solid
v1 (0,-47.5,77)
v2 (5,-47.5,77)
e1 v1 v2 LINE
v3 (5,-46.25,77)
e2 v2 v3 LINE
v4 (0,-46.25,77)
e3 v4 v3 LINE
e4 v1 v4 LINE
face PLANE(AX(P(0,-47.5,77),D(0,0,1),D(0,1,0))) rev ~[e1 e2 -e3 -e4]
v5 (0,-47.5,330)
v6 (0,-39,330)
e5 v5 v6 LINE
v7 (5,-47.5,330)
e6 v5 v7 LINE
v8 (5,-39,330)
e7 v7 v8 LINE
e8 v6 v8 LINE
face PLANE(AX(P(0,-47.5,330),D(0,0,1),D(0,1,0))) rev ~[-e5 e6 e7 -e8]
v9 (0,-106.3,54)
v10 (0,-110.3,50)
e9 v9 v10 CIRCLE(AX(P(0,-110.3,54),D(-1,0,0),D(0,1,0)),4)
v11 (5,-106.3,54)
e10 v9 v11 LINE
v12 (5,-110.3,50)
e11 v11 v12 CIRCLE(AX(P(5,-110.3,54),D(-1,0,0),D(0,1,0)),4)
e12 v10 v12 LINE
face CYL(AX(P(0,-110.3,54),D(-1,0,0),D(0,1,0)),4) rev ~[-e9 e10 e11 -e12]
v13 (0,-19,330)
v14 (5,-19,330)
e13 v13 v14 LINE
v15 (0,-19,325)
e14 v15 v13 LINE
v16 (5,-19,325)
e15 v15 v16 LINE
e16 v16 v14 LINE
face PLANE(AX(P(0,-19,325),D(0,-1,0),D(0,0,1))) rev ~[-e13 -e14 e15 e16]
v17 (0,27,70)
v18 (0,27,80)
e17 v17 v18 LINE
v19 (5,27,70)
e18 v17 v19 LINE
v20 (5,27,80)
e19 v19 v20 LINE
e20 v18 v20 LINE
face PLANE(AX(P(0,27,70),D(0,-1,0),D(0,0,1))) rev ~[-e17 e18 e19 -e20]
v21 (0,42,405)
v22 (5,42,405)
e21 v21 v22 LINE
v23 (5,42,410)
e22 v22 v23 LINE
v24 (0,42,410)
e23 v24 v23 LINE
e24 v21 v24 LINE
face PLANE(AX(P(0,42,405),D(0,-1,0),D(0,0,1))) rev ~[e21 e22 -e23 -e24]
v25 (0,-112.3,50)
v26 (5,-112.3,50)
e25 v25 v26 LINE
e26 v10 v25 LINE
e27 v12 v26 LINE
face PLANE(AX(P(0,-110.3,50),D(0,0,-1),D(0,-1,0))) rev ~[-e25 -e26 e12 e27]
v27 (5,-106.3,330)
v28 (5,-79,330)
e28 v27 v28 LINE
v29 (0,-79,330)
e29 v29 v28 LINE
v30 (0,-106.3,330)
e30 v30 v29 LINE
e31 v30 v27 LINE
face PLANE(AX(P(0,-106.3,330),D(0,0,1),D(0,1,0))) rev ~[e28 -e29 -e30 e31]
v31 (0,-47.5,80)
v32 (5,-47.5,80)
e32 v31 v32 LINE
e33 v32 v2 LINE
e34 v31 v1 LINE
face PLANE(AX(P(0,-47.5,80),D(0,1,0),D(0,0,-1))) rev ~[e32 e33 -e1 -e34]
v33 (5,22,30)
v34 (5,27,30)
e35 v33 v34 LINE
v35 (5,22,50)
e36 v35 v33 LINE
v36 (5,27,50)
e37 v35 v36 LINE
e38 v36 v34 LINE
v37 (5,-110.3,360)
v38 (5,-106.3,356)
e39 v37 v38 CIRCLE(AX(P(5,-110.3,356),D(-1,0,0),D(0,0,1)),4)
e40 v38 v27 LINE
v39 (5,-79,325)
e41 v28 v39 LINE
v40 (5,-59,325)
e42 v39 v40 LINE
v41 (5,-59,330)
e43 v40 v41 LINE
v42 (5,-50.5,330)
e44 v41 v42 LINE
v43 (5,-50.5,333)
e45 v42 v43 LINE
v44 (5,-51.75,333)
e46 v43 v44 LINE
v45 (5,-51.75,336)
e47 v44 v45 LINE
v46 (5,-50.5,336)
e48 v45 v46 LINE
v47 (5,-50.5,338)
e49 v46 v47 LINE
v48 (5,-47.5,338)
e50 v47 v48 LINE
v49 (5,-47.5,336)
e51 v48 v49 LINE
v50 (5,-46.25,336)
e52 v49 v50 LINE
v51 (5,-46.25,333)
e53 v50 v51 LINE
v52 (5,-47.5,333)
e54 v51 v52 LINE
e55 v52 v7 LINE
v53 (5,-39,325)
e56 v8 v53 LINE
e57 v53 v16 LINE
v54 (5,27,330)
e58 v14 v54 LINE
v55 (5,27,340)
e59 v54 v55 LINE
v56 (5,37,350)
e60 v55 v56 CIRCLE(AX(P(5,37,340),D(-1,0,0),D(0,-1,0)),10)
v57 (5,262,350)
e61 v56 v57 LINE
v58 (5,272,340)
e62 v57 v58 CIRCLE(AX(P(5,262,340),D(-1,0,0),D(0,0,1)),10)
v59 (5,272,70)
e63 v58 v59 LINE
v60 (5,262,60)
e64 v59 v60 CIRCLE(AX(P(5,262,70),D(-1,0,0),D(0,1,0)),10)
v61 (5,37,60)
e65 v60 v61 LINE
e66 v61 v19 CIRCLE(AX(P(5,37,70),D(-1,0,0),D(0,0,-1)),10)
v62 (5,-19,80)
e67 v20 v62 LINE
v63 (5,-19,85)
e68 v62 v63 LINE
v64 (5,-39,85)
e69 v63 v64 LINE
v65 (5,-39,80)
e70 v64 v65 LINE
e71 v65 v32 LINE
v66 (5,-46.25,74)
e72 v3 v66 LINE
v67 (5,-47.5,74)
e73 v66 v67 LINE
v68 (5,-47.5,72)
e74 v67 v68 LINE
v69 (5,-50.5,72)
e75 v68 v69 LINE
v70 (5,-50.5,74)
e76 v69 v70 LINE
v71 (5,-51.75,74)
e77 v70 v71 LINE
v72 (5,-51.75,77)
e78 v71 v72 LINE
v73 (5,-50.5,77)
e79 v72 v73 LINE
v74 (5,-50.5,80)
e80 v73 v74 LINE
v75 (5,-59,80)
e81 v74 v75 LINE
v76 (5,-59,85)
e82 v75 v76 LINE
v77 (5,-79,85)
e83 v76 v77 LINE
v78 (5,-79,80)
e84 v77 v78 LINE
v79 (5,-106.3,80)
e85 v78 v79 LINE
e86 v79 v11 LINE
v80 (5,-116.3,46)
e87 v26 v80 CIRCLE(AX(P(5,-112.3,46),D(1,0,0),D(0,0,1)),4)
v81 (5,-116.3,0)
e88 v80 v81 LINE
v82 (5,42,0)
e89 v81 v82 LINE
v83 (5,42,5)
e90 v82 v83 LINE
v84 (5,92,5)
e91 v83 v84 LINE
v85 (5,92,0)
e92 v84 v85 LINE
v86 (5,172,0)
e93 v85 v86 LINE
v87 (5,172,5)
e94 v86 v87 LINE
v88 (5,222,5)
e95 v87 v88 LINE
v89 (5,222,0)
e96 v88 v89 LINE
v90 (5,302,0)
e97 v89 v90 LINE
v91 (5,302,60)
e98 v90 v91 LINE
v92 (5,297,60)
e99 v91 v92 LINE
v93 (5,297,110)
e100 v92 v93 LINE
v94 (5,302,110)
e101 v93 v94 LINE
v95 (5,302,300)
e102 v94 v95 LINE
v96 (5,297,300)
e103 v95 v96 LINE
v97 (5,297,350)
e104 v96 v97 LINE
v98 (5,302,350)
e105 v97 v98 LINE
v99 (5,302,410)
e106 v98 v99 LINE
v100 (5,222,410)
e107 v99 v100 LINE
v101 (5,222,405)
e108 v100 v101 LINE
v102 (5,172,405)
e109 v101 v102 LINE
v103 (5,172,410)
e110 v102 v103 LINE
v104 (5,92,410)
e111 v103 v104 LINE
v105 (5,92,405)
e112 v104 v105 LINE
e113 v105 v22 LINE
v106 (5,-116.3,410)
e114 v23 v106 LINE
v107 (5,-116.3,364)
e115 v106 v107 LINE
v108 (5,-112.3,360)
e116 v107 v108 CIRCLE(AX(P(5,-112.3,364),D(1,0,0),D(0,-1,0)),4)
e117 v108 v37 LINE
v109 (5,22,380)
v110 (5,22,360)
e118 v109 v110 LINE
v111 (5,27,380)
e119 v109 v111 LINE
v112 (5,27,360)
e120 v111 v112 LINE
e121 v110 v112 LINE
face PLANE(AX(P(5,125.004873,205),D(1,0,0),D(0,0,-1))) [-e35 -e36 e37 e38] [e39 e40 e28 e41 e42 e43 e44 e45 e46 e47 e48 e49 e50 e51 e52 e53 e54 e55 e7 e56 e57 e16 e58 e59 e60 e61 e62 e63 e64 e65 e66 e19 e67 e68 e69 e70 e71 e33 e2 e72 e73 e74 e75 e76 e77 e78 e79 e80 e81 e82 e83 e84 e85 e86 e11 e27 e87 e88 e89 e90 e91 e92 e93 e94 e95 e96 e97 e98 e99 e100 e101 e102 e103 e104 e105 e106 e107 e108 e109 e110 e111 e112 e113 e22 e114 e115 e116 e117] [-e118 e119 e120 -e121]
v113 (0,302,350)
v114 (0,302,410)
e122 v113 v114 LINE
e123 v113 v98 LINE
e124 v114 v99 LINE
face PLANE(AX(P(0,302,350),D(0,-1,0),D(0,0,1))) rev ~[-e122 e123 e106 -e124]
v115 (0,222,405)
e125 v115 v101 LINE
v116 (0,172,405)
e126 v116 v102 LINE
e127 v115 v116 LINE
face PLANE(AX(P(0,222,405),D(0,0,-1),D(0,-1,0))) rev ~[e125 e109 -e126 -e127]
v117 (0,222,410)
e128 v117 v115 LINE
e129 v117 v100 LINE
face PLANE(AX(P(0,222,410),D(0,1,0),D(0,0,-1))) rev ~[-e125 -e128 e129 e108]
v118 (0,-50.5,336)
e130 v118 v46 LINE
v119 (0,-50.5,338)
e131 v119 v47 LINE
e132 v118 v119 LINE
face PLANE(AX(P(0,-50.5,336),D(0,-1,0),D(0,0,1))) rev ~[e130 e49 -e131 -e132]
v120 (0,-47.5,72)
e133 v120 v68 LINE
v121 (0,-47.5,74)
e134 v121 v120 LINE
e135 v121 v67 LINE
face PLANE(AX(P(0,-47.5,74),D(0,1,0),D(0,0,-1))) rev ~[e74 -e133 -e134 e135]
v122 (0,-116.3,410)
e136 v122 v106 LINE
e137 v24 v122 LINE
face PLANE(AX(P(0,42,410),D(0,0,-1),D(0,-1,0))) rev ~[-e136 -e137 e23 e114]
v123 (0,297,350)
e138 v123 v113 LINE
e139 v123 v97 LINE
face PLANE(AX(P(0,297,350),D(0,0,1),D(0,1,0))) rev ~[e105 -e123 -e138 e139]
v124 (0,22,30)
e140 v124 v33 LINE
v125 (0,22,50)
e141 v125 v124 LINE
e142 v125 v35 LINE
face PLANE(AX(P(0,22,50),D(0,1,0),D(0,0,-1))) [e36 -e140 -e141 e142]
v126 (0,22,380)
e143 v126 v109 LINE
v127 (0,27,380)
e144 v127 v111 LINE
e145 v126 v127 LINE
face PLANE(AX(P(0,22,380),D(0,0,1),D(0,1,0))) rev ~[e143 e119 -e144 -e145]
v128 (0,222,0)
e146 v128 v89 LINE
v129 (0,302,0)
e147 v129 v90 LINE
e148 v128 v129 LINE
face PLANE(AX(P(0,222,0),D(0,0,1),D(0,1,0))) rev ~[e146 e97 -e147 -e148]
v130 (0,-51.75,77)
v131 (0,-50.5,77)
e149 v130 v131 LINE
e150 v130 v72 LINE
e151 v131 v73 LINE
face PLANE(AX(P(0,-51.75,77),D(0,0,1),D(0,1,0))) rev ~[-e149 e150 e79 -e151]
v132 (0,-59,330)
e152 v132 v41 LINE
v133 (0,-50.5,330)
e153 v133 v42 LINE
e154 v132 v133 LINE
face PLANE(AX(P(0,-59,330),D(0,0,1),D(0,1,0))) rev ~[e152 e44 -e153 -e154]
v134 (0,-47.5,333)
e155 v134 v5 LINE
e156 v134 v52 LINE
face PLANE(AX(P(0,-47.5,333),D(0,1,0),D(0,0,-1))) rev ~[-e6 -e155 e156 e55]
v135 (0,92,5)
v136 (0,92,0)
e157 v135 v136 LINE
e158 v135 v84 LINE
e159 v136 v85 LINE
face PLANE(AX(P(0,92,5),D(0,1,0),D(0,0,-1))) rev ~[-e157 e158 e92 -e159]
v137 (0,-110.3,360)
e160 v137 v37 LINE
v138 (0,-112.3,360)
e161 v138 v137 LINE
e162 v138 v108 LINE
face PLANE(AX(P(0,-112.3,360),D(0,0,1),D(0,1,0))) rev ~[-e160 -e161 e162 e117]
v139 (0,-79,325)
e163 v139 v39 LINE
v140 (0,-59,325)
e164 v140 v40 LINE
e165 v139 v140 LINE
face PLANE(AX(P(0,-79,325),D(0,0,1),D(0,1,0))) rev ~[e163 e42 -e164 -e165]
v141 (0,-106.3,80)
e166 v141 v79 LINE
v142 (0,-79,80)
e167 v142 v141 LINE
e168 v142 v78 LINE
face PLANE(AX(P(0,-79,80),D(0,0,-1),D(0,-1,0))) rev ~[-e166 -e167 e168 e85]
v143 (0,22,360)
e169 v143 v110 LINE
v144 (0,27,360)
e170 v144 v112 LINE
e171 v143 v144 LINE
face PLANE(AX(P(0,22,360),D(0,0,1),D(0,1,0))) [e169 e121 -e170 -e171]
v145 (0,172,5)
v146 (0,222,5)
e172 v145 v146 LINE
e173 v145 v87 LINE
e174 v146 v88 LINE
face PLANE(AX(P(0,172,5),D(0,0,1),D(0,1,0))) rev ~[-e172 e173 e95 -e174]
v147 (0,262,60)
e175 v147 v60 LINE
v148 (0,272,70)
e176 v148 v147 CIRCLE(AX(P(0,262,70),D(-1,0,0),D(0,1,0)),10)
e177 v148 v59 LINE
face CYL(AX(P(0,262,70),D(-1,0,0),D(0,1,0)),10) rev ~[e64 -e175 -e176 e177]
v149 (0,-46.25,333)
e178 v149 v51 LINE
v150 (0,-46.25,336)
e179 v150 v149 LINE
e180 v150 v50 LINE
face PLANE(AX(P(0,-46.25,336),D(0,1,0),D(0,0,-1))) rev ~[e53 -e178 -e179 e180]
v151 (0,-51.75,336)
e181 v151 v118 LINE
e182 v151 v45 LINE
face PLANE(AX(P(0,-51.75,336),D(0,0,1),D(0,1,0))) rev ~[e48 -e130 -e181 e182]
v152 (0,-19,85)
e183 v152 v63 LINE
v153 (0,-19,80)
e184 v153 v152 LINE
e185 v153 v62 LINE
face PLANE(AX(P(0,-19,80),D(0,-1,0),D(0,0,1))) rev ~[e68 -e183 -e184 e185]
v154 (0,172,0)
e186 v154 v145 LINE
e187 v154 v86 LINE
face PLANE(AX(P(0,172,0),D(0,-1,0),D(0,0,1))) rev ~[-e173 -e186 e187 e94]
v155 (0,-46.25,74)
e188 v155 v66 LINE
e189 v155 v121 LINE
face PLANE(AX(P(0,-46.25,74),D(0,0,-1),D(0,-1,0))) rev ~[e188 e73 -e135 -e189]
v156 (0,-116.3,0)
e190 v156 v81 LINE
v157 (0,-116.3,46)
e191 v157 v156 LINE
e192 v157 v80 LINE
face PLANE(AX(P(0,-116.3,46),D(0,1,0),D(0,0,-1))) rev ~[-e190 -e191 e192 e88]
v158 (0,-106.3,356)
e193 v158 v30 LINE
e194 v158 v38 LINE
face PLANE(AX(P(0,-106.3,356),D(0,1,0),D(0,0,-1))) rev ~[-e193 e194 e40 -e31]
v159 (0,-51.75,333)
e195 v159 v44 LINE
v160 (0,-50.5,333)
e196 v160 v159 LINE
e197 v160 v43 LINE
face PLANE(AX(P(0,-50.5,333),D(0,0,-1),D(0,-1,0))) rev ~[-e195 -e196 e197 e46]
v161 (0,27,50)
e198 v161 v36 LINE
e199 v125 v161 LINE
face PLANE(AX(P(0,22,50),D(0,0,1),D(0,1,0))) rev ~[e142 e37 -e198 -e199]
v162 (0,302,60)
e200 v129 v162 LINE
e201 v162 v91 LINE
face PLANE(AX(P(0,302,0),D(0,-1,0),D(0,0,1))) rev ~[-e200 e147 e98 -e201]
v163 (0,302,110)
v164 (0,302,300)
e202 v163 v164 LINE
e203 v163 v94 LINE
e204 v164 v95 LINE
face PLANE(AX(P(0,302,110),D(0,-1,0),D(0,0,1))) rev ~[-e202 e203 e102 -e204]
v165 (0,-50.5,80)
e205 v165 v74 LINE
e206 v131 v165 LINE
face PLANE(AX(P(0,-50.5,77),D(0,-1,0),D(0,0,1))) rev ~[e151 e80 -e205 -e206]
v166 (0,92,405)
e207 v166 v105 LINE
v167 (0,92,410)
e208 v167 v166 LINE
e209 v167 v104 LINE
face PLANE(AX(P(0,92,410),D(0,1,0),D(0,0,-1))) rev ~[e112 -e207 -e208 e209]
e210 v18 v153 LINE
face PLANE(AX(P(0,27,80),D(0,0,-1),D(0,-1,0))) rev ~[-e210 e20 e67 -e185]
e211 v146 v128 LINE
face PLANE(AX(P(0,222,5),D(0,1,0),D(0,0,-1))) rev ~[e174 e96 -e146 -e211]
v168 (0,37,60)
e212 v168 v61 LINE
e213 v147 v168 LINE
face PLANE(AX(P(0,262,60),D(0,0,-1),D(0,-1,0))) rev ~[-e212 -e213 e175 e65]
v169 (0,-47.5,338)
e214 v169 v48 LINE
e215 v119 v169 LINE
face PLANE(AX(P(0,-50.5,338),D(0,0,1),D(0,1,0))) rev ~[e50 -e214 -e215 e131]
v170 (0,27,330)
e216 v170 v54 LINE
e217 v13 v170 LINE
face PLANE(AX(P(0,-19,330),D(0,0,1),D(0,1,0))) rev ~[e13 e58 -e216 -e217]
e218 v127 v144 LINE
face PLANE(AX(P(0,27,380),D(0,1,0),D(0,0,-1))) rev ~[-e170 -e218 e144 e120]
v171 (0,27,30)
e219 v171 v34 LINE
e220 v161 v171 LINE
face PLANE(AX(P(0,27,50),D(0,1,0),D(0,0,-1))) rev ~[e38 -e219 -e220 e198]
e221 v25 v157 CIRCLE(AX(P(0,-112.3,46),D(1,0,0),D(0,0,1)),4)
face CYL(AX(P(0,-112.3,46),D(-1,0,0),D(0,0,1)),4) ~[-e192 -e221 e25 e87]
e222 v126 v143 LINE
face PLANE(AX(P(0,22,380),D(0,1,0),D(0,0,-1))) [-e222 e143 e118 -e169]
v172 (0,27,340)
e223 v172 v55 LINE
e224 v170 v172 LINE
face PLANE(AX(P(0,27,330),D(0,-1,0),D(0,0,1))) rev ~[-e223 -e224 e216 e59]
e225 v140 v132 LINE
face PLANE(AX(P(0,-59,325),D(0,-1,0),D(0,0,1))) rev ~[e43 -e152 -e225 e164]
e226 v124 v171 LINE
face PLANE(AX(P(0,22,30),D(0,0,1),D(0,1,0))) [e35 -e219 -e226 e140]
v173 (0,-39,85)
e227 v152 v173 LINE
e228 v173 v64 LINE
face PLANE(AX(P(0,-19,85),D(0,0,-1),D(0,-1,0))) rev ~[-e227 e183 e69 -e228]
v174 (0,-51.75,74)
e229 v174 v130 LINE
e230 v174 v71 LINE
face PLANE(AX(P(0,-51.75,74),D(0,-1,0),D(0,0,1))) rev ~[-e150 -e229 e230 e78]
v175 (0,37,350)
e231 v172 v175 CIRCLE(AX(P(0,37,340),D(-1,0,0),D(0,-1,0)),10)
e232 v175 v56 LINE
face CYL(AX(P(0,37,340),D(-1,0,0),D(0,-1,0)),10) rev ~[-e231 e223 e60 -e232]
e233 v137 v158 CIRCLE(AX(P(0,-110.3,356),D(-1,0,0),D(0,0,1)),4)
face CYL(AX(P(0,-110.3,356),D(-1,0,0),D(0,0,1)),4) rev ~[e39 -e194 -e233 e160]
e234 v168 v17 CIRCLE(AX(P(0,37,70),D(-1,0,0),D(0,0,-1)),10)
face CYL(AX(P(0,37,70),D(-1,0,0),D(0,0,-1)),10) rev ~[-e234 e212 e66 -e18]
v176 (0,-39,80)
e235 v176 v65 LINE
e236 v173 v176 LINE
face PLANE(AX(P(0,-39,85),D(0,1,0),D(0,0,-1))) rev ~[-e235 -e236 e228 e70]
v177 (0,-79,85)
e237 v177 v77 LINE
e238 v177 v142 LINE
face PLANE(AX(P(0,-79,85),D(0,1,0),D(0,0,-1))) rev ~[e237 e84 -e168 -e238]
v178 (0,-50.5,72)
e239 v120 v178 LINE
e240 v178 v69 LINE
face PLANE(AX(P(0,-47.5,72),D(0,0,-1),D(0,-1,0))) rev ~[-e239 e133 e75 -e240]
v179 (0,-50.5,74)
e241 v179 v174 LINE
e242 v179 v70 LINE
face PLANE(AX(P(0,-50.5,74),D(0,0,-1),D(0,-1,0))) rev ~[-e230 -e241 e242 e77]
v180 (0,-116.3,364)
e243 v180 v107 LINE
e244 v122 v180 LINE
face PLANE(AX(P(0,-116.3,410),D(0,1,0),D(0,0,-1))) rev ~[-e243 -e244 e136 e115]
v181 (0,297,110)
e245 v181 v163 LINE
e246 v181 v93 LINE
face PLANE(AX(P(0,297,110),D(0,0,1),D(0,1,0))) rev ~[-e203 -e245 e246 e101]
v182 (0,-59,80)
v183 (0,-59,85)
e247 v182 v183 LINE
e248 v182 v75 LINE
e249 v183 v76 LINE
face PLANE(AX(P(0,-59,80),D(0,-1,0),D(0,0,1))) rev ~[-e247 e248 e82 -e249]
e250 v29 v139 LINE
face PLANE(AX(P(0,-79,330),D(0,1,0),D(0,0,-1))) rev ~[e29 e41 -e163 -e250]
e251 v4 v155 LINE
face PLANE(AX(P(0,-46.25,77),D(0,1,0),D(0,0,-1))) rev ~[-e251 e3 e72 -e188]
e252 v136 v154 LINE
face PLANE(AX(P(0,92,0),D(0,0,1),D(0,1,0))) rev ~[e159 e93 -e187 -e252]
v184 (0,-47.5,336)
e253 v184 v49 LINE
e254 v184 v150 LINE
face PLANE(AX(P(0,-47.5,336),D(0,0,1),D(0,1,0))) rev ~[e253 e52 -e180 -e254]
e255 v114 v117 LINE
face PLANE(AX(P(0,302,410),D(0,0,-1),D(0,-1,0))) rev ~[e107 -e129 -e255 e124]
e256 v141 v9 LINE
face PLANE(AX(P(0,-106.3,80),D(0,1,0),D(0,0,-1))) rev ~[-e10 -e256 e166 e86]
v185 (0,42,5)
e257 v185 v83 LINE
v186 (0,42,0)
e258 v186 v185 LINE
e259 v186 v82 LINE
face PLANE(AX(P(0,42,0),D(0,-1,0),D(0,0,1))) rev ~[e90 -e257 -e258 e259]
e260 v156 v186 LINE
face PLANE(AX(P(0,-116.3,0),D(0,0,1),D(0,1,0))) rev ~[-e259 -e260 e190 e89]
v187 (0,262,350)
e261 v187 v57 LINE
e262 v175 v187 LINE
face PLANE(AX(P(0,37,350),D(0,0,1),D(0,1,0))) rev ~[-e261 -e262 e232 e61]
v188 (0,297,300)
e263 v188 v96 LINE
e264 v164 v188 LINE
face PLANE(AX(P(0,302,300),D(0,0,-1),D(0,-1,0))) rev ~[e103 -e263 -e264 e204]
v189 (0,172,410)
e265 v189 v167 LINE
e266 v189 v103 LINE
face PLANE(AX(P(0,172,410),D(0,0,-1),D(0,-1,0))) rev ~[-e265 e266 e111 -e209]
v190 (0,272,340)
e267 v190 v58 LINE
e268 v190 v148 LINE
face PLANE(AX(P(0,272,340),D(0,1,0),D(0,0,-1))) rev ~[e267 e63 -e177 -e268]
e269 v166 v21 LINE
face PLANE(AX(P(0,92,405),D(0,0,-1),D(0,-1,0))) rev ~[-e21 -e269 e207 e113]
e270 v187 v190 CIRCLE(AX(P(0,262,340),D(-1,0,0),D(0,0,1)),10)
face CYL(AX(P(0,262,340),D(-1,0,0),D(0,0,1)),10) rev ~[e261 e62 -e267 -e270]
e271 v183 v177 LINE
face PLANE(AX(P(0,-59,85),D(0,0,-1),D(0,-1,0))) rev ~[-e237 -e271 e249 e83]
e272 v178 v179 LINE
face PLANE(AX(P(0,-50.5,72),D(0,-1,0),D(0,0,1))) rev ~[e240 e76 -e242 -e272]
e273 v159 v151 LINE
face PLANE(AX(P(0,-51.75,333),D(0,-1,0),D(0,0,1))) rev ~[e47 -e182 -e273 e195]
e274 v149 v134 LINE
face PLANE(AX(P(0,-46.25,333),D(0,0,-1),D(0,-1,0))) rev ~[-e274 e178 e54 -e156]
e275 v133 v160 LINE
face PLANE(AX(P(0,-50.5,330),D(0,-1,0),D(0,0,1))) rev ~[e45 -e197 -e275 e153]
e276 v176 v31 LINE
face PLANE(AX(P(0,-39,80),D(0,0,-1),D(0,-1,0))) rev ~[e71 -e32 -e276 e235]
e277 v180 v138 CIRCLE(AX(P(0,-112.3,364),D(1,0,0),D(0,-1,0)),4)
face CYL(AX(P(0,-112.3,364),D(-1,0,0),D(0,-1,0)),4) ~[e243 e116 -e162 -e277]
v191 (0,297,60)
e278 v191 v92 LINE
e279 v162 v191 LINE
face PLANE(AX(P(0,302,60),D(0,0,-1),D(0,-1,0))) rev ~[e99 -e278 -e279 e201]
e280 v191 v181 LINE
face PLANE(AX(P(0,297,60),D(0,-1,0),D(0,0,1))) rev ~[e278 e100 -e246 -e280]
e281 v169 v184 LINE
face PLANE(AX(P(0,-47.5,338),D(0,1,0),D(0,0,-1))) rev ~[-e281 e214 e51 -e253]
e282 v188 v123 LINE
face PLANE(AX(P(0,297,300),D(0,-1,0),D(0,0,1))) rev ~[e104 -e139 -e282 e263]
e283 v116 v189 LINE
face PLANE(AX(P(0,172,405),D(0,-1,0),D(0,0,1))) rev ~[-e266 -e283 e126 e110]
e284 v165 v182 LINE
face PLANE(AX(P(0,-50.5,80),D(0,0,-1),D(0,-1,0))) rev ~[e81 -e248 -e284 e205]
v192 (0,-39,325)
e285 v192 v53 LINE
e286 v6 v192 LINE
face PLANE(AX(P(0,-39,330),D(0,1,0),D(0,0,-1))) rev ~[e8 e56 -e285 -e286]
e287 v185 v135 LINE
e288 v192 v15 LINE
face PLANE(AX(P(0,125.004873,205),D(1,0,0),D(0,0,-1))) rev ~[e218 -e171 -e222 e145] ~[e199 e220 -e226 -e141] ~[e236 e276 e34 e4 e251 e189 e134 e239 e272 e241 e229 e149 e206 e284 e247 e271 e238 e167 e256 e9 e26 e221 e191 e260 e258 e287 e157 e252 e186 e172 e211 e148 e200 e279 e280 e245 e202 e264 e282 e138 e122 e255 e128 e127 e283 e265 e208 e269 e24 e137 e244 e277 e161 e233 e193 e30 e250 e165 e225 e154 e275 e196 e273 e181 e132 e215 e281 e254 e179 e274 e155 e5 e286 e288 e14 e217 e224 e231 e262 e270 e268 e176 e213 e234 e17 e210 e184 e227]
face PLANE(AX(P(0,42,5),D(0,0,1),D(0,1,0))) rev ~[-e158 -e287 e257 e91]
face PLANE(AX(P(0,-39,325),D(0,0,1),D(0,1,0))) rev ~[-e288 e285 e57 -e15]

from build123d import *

# Parameters (mm, degrees)
SKETCH_1_W      = 20
SKETCH_1_H      = 5
EXTRUDE_1_DEPTH = 5


with BuildPart() as part:
    # 草图1 → 凸台-拉伸1 (new body)
    with BuildSketch(Plane(origin=(0, 0, 0), x_dir=(0, 0, -1), z_dir=(1, 0, 0))):
        with BuildLine():
            Line((-80, 27), (-80, -19))
            Line((-80, -19), (-85, -19))
            Line((-85, -19), (-85, -39))
            Line((-85, -39), (-80, -39))
            Line((-80, -39), (-80, -47.5))
            Line((-80, -47.5), (-77, -47.5))
            Line((-77, -47.5), (-77, -46.25))
            Line((-77, -46.25), (-74, -46.25))
            Line((-74, -46.25), (-74, -47.5))
            Line((-74, -47.5), (-72, -47.5))
            Line((-72, -47.5), (-72, -50.5))
            Line((-72, -50.5), (-74, -50.5))
            Line((-74, -50.5), (-74, -51.75))
            Line((-74, -51.75), (-77, -51.75))
            Line((-77, -51.75), (-77, -50.5))
            Line((-77, -50.5), (-80, -50.5))
            Line((-80, -50.5), (-80, -59))
            Line((-80, -59), (-85, -59))
            Line((-85, -59), (-85, -79))
            Line((-85, -79), (-80, -79))
            Line((-80, -79), (-80, -90.3))
            Line((-80, -90.3), (-80, -106.3))
            Line((-80, -106.3), (-54, -106.3))
            ThreePointArc((-54, -106.3), (-51.171572875, -107.471572875), (-50, -110.3))
            Line((-50, -110.3), (-50, -112.3))
            ThreePointArc((-50, -112.3), (-48.828427125, -115.128427125), (-46, -116.3))
            Line((-46, -116.3), (0, -116.3))
            Line((0, -116.3), (0, -64.3))
            Line((0, -64.3), (0, 0))
            Line((0, 0), (0, 42))
            Line((0, 42), (-5, 42))
            Line((-5, 42), (-5, 92))
            Line((-5, 92), (0, 92))
            Line((0, 92), (0, 172))
            Line((0, 172), (-5, 172))
            Line((-5, 172), (-5, 222))
            Line((-5, 222), (0, 222))
            Line((0, 222), (0, 302))
            Line((0, 302), (-60, 302))
            Line((-60, 302), (-60, 297))
            Line((-60, 297), (-110, 297))
            Line((-110, 297), (-110, 302))
            Line((-110, 302), (-300, 302))
            Line((-300, 302), (-300, 297))
            Line((-300, 297), (-350, 297))
            Line((-350, 297), (-350, 302))
            Line((-350, 302), (-410, 302))
            Line((-410, 302), (-410, 222))
            Line((-410, 222), (-405, 222))
            Line((-405, 222), (-405, 172))
            Line((-405, 172), (-410, 172))
            Line((-410, 172), (-410, 92))
            Line((-410, 92), (-405, 92))
            Line((-405, 92), (-405, 42))
            Line((-405, 42), (-410, 42))
            Line((-410, 42), (-410, -90.3))
            Line((-410, -90.3), (-410, -116.3))
            Line((-410, -116.3), (-364, -116.3))
            ThreePointArc((-364, -116.3), (-361.171572875, -115.128427125), (-360, -112.3))
            Line((-360, -112.3), (-360, -110.3))
            ThreePointArc((-360, -110.3), (-358.828427125, -107.471572875), (-356, -106.3))
            Line((-356, -106.3), (-330, -106.3))
            Line((-330, -106.3), (-330, -90.3))
            Line((-330, -90.3), (-330, -79))
            Line((-330, -79), (-325, -79))
            Line((-325, -79), (-325, -59))
            Line((-325, -59), (-330, -59))
            Line((-330, -59), (-330, -50.5))
            Line((-330, -50.5), (-333, -50.5))
            Line((-333, -50.5), (-333, -51.75))
            Line((-333, -51.75), (-336, -51.75))
            Line((-336, -51.75), (-336, -50.5))
            Line((-336, -50.5), (-338, -50.5))
            Line((-338, -50.5), (-338, -47.5))
            Line((-338, -47.5), (-336, -47.5))
            Line((-336, -47.5), (-336, -46.25))
            Line((-336, -46.25), (-333, -46.25))
            Line((-333, -46.25), (-333, -47.5))
            Line((-333, -47.5), (-330, -47.5))
            Line((-330, -47.5), (-330, -39))
            Line((-330, -39), (-325, -39))
            Line((-325, -39), (-325, -19))
            Line((-325, -19), (-330, -19))
            Line((-330, -19), (-330, 27))
            Line((-330, 27), (-340, 27))
            ThreePointArc((-340, 27), (-347.071067812, 29.928932188), (-350, 37))
            Line((-350, 37), (-350, 262))
            ThreePointArc((-350, 262), (-347.071067812, 269.071067812), (-340, 272))
            Line((-340, 272), (-70, 272))
            ThreePointArc((-70, 272), (-62.928932188, 269.071067812), (-60, 262))
            Line((-60, 262), (-60, 37))
            ThreePointArc((-60, 37), (-62.928932188, 29.928932188), (-70, 27))
            Line((-70, 27), (-80, 27))
        make_face()
        with Locations((-40, 24.5)):
            Rectangle(SKETCH_1_W, SKETCH_1_H, mode=Mode.SUBTRACT)
        with Locations((-370, 24.5)):
            Rectangle(SKETCH_1_W, SKETCH_1_H, mode=Mode.SUBTRACT)
    extrude(amount=EXTRUDE_1_DEPTH)


solid = part.part
